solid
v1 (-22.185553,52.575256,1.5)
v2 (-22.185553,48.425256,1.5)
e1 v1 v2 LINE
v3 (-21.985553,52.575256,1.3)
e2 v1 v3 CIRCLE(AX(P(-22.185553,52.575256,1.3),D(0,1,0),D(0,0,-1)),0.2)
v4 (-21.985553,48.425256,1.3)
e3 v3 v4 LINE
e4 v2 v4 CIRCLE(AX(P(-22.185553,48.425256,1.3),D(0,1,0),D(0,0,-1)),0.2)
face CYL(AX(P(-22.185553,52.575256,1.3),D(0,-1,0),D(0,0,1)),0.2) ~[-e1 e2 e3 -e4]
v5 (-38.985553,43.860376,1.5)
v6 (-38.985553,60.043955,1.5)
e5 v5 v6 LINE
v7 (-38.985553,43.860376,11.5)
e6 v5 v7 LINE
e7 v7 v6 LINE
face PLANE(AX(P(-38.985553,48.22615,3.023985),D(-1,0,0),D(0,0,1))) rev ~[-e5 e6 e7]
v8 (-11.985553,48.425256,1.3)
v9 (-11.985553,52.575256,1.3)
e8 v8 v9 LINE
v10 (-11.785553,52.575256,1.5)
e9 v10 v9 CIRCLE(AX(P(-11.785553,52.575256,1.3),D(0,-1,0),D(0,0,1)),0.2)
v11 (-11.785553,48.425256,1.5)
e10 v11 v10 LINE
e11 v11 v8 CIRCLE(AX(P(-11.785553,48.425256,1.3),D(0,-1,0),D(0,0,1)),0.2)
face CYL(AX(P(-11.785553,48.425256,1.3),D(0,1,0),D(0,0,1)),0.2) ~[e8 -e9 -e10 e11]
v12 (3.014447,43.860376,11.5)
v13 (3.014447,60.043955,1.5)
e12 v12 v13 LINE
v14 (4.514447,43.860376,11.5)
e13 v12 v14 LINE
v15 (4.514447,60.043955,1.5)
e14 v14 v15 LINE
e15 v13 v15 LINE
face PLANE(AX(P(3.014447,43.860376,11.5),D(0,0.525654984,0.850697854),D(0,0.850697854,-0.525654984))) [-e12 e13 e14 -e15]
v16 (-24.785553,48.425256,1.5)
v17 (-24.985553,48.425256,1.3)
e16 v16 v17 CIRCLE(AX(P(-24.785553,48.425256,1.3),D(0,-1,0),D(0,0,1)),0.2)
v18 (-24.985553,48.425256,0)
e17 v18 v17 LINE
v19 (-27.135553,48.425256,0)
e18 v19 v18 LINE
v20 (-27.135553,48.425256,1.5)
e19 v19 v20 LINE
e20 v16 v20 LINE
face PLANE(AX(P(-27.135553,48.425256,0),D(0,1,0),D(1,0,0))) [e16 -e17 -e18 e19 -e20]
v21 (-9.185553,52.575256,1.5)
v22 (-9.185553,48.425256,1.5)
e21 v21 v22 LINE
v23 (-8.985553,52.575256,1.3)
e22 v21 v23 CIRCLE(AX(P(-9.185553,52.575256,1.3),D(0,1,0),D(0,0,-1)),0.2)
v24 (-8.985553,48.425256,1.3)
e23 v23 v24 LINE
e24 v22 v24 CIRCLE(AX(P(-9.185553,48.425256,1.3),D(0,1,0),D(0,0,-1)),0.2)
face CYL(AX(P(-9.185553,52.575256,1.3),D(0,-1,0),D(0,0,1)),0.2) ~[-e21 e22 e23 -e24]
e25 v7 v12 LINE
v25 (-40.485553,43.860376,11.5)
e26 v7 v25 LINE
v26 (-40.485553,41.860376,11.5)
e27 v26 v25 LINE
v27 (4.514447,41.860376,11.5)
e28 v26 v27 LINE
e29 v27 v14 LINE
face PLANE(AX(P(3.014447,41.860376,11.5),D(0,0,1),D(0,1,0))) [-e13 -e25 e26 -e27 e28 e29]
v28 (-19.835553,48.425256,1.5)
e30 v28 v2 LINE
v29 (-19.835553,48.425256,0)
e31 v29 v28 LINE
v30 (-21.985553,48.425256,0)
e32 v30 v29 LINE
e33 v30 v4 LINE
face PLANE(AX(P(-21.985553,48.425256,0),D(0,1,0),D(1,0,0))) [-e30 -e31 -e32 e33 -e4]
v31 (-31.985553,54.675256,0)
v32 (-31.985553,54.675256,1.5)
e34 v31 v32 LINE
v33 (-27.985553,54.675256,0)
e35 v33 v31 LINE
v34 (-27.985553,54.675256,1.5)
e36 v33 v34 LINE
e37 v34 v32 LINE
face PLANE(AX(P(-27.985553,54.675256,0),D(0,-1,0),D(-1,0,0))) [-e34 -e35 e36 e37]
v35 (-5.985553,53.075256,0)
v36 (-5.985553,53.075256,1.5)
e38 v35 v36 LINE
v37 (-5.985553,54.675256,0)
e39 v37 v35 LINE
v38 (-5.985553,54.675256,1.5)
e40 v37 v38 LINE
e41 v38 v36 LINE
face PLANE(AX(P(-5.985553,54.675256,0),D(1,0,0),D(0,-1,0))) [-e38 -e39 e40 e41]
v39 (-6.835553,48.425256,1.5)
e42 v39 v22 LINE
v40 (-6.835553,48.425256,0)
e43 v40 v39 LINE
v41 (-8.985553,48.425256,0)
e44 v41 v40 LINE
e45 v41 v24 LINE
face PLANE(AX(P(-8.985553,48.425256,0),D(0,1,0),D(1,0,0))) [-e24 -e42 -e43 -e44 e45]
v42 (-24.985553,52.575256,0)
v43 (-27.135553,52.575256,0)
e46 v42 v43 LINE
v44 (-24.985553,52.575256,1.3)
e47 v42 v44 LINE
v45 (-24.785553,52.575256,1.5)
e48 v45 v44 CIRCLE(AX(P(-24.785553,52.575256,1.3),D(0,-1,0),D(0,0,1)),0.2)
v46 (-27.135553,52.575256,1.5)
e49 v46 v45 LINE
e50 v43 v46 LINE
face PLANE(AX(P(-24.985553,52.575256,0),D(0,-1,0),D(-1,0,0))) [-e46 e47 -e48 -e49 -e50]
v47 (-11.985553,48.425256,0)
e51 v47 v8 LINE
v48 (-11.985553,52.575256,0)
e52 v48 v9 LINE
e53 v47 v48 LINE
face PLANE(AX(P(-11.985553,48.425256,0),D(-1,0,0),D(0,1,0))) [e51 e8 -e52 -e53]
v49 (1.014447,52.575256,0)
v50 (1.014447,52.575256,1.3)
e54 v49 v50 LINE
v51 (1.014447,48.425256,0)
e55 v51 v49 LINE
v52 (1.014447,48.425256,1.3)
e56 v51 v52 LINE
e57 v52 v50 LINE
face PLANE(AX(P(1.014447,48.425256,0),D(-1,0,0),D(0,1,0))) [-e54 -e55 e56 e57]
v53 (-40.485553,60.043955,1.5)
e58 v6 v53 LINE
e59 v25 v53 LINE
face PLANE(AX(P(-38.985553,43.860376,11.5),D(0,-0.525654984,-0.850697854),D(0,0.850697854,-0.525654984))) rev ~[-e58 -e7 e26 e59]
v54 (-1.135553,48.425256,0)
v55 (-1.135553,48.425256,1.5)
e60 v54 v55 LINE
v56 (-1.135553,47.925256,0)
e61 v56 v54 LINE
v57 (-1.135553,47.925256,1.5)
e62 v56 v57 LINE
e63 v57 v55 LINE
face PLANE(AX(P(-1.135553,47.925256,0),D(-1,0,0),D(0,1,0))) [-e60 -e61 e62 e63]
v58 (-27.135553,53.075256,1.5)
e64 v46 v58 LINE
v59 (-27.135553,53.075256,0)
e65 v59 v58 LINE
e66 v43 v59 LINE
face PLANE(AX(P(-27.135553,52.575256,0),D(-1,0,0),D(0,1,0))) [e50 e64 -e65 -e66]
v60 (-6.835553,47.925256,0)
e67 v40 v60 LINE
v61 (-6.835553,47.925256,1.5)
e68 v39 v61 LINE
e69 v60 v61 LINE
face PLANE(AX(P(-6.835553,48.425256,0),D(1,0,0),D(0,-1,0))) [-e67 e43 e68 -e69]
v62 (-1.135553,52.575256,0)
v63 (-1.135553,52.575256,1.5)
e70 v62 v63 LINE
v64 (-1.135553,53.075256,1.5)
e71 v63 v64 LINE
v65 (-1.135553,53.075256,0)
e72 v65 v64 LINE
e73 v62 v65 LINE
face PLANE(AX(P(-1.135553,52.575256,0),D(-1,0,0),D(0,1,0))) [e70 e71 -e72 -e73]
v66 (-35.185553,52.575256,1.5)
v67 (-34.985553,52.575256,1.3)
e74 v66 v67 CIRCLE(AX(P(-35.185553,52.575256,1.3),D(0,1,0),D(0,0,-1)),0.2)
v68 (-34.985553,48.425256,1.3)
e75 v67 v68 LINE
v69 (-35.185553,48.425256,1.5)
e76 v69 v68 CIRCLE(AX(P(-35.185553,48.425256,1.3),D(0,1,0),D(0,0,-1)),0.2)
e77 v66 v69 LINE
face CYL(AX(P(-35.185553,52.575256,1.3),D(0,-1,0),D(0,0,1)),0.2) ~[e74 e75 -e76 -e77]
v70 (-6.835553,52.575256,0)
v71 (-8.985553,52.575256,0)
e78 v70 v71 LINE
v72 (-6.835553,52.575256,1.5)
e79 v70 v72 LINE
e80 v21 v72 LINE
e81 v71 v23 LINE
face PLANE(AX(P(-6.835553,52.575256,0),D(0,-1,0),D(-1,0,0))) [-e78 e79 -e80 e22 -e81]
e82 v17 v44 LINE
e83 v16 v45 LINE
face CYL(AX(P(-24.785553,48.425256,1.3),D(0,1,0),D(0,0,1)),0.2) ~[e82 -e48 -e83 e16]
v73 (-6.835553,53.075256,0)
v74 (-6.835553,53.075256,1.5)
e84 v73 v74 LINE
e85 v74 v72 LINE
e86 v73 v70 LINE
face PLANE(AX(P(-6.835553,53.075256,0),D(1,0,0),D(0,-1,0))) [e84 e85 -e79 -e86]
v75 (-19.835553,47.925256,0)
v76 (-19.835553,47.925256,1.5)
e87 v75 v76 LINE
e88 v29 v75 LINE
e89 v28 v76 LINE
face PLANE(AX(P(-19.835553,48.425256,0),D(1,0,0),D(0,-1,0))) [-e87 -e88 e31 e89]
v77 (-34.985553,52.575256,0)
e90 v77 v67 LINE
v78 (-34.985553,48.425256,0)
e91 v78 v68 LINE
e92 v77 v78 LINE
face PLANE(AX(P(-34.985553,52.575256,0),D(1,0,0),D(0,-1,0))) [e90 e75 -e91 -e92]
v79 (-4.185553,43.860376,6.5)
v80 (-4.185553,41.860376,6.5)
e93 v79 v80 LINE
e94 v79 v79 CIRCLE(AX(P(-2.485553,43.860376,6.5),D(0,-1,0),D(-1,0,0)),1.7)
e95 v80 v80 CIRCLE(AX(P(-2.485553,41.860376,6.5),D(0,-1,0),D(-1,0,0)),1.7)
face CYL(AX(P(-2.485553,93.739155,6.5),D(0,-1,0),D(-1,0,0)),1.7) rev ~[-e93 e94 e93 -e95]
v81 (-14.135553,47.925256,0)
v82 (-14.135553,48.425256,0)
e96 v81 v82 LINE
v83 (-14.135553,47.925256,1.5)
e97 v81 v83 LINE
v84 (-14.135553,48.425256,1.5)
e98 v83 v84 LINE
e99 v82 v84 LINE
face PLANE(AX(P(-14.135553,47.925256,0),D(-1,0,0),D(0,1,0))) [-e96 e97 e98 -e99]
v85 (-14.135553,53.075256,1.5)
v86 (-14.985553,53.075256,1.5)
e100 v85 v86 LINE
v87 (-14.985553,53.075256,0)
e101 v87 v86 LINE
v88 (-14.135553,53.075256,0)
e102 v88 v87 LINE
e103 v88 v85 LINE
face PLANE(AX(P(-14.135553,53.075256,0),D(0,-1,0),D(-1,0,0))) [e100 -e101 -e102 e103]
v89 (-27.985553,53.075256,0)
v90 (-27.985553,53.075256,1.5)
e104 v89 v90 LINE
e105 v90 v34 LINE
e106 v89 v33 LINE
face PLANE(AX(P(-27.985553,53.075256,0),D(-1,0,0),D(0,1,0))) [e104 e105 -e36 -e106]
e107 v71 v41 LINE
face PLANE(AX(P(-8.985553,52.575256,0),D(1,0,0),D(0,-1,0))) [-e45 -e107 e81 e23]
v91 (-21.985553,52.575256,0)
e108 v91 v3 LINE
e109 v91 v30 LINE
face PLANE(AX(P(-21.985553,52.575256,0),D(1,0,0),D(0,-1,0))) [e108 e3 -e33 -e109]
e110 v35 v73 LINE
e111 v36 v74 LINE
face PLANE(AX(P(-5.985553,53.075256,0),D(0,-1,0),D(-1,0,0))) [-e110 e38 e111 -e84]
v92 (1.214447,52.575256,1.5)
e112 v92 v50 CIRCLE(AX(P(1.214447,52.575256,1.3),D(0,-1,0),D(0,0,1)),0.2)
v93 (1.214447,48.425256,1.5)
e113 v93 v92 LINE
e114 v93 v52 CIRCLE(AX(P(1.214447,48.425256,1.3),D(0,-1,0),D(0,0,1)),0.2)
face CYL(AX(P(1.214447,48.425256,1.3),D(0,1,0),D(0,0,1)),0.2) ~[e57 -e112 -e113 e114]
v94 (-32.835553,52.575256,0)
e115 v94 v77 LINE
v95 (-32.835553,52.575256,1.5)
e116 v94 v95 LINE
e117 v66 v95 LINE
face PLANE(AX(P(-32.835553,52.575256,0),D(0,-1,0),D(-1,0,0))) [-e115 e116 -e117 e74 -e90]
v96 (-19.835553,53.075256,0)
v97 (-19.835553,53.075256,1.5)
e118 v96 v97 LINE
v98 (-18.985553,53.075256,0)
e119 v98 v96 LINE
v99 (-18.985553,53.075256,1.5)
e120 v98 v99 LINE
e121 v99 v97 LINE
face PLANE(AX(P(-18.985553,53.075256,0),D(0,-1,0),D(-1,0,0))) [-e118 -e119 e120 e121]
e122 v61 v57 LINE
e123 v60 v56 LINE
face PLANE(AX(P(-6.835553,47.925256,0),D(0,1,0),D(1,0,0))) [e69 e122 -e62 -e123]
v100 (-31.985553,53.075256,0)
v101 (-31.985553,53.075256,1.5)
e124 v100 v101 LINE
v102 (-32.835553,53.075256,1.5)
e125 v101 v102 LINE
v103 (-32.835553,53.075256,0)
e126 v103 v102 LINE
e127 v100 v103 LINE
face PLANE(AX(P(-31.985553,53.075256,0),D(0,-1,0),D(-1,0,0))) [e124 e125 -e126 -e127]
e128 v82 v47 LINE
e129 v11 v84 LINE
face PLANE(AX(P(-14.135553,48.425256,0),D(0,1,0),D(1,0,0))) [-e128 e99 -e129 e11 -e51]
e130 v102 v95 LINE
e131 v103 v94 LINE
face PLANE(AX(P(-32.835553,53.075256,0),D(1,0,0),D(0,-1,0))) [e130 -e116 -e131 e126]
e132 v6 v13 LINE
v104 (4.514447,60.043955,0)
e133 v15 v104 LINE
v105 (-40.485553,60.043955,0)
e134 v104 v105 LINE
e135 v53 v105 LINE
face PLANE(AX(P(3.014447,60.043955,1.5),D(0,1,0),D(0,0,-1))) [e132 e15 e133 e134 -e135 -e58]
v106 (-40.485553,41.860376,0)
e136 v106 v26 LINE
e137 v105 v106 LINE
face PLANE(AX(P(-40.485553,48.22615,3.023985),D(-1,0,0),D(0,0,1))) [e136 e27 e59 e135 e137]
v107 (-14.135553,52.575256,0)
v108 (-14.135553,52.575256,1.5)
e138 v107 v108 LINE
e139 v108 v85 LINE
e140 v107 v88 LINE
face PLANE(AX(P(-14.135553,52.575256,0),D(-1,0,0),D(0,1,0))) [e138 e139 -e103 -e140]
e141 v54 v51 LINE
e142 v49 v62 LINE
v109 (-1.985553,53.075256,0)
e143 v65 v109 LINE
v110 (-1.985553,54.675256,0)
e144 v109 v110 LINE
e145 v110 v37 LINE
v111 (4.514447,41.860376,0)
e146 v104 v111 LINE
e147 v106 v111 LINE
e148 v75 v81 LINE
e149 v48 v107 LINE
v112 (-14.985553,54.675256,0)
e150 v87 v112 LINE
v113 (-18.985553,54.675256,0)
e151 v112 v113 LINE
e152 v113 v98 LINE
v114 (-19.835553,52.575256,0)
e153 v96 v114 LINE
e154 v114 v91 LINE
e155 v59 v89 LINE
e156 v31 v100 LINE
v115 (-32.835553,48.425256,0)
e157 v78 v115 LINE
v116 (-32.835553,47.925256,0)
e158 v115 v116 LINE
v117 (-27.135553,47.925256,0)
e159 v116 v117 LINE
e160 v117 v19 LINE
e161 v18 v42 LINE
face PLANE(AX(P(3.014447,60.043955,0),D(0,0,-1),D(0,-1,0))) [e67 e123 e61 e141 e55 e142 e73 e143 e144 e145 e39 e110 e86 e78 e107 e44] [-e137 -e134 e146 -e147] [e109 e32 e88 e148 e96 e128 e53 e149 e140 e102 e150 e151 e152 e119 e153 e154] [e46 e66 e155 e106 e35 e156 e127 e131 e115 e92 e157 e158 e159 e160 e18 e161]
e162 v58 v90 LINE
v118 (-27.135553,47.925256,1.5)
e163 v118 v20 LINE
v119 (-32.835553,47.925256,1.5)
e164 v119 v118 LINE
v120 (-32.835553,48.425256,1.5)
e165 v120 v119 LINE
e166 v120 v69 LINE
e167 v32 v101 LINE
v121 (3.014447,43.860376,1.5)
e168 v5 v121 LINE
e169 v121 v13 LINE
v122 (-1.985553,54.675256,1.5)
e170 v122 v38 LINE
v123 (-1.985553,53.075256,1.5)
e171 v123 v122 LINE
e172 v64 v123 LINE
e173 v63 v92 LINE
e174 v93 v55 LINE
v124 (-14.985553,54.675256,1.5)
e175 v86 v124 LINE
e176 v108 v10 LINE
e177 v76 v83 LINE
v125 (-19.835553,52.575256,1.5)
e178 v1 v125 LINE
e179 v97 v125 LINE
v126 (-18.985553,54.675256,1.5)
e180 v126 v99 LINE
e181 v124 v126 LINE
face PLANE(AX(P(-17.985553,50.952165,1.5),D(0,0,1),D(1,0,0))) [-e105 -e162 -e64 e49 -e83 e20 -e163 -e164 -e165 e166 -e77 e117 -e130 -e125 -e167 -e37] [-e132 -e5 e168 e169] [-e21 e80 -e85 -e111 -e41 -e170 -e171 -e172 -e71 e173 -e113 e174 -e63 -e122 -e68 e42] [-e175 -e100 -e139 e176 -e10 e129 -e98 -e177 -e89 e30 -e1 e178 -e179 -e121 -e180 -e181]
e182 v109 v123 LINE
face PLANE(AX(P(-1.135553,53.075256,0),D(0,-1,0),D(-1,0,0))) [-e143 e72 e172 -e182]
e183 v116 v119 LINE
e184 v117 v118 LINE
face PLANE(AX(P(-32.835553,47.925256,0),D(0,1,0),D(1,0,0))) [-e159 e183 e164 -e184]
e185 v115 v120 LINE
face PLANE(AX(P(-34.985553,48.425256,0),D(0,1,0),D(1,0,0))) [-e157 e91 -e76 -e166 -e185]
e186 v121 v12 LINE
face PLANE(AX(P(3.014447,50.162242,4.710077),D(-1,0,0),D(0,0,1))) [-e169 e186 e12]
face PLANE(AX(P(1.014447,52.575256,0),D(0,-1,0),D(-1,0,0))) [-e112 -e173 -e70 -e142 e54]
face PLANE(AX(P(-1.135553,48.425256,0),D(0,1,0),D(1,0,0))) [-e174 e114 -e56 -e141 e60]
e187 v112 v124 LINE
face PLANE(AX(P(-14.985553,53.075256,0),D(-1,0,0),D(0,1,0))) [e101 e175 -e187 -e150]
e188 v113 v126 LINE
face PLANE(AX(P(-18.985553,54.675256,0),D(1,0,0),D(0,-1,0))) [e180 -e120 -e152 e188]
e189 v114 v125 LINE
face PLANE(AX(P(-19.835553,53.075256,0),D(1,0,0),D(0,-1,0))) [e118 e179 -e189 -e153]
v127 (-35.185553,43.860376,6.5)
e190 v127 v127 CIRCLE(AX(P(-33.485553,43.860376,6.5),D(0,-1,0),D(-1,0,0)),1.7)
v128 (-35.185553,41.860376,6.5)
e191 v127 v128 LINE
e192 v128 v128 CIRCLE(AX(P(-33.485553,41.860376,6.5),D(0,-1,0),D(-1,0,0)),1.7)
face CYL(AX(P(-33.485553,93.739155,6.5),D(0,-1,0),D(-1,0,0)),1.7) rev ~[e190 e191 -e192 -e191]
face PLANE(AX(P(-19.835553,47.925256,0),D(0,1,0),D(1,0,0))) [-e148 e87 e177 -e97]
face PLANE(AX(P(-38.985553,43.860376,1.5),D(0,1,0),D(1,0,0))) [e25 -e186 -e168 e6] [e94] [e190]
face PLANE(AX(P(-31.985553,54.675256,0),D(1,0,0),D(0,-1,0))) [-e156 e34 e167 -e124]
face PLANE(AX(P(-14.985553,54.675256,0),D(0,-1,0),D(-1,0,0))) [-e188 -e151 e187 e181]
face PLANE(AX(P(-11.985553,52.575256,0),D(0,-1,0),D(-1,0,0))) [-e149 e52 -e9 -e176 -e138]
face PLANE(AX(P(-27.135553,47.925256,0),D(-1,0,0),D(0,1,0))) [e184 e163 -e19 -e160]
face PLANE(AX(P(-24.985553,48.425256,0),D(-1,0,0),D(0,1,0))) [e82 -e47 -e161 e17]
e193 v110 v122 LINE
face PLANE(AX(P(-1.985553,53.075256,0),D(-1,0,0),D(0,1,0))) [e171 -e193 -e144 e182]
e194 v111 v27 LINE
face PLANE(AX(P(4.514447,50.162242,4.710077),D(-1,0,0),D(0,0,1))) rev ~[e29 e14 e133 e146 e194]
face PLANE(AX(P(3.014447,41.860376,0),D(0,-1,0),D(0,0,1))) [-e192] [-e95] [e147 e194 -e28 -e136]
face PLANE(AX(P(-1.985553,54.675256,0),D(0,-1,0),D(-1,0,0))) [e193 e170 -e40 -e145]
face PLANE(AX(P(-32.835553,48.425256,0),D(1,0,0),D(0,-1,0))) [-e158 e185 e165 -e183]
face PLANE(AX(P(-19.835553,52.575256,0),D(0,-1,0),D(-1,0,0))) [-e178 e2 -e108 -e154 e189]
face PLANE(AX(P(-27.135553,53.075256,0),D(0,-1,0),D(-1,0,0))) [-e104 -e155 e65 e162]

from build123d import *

# Parameters (mm, degrees)
SKETCH1_W            = 42
SKETCH1_H            = 18.183578202
BOSS_EXTRUDE1_DEPTH  = 1.5
SKETCH2_W            = 42
SKETCH2_H            = 2
BOSS_EXTRUDE2_DEPTH  = 10
BOSS_EXTRUDE4_DEPTH  = 1.5
BOSS_EXTRUDE5_START  = -42
BOSS_EXTRUDE5_DEPTH  = 1.5
M3_CLEARANCE_HOLE2_D = 3.4
FILLET4_R            = 0.2


with BuildPart() as part:
    # Sketch1 → Boss-Extrude1 (new body)
    with BuildSketch(Plane.XY):
        with Locations((-17.985553167, 50.952165471)):
            Rectangle(SKETCH1_W, SKETCH1_H)
        Polygon((-27.135553167, 52.575255776), (-27.135553167, 53.075255776), (-27.985553167, 53.075255776), (-27.985553167, 54.675255776), (-31.985553167, 54.675255776), (-31.985553167, 53.075255776), (-32.835553167, 53.075255776), (-32.835553167, 52.575255776), (-34.985553167, 52.575255776), (-34.985553167, 48.425255776), (-32.835553167, 48.425255776), (-32.835553167, 47.925255776), (-27.135553167, 47.925255776), (-27.135553167, 48.425255776), (-24.985553167, 48.425255776), (-24.985553167, 52.575255776), align=None, mode=Mode.SUBTRACT)
        Polygon((-14.135553167, 52.575255776), (-14.135553167, 53.075255776), (-14.985553167, 53.075255776), (-14.985553167, 54.675255776), (-18.985553167, 54.675255776), (-18.985553167, 53.075255776), (-19.835553167, 53.075255776), (-19.835553167, 52.575255776), (-21.985553167, 52.575255776), (-21.985553167, 48.425255776), (-19.835553167, 48.425255776), (-19.835553167, 47.925255776), (-14.135553167, 47.925255776), (-14.135553167, 48.425255776), (-11.985553167, 48.425255776), (-11.985553167, 52.575255776), align=None, mode=Mode.SUBTRACT)
        Polygon((-1.135553167, 52.575255776), (-1.135553167, 53.075255776), (-1.985553167, 53.075255776), (-1.985553167, 54.675255776), (-5.985553167, 54.675255776), (-5.985553167, 53.075255776), (-6.835553167, 53.075255776), (-6.835553167, 52.575255776), (-8.985553167, 52.575255776), (-8.985553167, 48.425255776), (-6.835553167, 48.425255776), (-6.835553167, 47.925255776), (-1.135553167, 47.925255776), (-1.135553167, 48.425255776), (1.014446833, 48.425255776), (1.014446833, 52.575255776), align=None, mode=Mode.SUBTRACT)
    extrude(amount=BOSS_EXTRUDE1_DEPTH)

    # Sketch2 → Boss-Extrude2 (add)
    with BuildSketch(Plane.XY.offset(1.5)):
        with Locations((-17.985553167, 42.86037637)):
            Rectangle(SKETCH2_W, SKETCH2_H)
    extrude(amount=BOSS_EXTRUDE2_DEPTH)

    # Sketch7 → Boss-Extrude4 (add)
    with BuildSketch(Plane.ZY.offset(38.985553167)):
        Polygon((11.5, 43.86037637), (1.5, 60.043954572), (0, 60.043954572), (0, 41.86037637), (11.5, 41.86037637), align=None)
    extrude(amount=BOSS_EXTRUDE4_DEPTH)

    # Sketch7<3> → Boss-Extrude5 (add)
    with BuildSketch(Plane.ZY.offset(38.985553167).offset(BOSS_EXTRUDE5_START)):
        Polygon((11.5, 43.86037637), (1.5, 60.043954572), (0, 60.043954572), (0, 41.86037637), (11.5, 41.86037637), align=None)
    extrude(amount=-BOSS_EXTRUDE5_DEPTH)

    # M3 Clearance Hole2 (through all)
    with Locations(Plane(origin=(0, 43.86037637, 0), x_dir=(1, 0, 0), z_dir=(0, 1, 0))):
        with Locations((-33.485553167, -6.5), (-2.485553167, -6.5)):
            Hole(M3_CLEARANCE_HOLE2_D / 2)

    # Fillet4
    fillet4_edges = [part.edges().sort_by_distance(p)[0] for p in [
        (-34.985553167, 50.500255776, 1.5),
        (-24.985553167, 50.500255776, 1.5),
        (-21.985553167, 50.500255776, 1.5),
        (-11.985553167, 50.500255776, 1.5),
        (-8.985553167, 50.500255776, 1.5),
        (1.014446833, 50.500255776, 1.5),
    ]]
    fillet(fillet4_edges, radius=FILLET4_R)


solid = part.part
